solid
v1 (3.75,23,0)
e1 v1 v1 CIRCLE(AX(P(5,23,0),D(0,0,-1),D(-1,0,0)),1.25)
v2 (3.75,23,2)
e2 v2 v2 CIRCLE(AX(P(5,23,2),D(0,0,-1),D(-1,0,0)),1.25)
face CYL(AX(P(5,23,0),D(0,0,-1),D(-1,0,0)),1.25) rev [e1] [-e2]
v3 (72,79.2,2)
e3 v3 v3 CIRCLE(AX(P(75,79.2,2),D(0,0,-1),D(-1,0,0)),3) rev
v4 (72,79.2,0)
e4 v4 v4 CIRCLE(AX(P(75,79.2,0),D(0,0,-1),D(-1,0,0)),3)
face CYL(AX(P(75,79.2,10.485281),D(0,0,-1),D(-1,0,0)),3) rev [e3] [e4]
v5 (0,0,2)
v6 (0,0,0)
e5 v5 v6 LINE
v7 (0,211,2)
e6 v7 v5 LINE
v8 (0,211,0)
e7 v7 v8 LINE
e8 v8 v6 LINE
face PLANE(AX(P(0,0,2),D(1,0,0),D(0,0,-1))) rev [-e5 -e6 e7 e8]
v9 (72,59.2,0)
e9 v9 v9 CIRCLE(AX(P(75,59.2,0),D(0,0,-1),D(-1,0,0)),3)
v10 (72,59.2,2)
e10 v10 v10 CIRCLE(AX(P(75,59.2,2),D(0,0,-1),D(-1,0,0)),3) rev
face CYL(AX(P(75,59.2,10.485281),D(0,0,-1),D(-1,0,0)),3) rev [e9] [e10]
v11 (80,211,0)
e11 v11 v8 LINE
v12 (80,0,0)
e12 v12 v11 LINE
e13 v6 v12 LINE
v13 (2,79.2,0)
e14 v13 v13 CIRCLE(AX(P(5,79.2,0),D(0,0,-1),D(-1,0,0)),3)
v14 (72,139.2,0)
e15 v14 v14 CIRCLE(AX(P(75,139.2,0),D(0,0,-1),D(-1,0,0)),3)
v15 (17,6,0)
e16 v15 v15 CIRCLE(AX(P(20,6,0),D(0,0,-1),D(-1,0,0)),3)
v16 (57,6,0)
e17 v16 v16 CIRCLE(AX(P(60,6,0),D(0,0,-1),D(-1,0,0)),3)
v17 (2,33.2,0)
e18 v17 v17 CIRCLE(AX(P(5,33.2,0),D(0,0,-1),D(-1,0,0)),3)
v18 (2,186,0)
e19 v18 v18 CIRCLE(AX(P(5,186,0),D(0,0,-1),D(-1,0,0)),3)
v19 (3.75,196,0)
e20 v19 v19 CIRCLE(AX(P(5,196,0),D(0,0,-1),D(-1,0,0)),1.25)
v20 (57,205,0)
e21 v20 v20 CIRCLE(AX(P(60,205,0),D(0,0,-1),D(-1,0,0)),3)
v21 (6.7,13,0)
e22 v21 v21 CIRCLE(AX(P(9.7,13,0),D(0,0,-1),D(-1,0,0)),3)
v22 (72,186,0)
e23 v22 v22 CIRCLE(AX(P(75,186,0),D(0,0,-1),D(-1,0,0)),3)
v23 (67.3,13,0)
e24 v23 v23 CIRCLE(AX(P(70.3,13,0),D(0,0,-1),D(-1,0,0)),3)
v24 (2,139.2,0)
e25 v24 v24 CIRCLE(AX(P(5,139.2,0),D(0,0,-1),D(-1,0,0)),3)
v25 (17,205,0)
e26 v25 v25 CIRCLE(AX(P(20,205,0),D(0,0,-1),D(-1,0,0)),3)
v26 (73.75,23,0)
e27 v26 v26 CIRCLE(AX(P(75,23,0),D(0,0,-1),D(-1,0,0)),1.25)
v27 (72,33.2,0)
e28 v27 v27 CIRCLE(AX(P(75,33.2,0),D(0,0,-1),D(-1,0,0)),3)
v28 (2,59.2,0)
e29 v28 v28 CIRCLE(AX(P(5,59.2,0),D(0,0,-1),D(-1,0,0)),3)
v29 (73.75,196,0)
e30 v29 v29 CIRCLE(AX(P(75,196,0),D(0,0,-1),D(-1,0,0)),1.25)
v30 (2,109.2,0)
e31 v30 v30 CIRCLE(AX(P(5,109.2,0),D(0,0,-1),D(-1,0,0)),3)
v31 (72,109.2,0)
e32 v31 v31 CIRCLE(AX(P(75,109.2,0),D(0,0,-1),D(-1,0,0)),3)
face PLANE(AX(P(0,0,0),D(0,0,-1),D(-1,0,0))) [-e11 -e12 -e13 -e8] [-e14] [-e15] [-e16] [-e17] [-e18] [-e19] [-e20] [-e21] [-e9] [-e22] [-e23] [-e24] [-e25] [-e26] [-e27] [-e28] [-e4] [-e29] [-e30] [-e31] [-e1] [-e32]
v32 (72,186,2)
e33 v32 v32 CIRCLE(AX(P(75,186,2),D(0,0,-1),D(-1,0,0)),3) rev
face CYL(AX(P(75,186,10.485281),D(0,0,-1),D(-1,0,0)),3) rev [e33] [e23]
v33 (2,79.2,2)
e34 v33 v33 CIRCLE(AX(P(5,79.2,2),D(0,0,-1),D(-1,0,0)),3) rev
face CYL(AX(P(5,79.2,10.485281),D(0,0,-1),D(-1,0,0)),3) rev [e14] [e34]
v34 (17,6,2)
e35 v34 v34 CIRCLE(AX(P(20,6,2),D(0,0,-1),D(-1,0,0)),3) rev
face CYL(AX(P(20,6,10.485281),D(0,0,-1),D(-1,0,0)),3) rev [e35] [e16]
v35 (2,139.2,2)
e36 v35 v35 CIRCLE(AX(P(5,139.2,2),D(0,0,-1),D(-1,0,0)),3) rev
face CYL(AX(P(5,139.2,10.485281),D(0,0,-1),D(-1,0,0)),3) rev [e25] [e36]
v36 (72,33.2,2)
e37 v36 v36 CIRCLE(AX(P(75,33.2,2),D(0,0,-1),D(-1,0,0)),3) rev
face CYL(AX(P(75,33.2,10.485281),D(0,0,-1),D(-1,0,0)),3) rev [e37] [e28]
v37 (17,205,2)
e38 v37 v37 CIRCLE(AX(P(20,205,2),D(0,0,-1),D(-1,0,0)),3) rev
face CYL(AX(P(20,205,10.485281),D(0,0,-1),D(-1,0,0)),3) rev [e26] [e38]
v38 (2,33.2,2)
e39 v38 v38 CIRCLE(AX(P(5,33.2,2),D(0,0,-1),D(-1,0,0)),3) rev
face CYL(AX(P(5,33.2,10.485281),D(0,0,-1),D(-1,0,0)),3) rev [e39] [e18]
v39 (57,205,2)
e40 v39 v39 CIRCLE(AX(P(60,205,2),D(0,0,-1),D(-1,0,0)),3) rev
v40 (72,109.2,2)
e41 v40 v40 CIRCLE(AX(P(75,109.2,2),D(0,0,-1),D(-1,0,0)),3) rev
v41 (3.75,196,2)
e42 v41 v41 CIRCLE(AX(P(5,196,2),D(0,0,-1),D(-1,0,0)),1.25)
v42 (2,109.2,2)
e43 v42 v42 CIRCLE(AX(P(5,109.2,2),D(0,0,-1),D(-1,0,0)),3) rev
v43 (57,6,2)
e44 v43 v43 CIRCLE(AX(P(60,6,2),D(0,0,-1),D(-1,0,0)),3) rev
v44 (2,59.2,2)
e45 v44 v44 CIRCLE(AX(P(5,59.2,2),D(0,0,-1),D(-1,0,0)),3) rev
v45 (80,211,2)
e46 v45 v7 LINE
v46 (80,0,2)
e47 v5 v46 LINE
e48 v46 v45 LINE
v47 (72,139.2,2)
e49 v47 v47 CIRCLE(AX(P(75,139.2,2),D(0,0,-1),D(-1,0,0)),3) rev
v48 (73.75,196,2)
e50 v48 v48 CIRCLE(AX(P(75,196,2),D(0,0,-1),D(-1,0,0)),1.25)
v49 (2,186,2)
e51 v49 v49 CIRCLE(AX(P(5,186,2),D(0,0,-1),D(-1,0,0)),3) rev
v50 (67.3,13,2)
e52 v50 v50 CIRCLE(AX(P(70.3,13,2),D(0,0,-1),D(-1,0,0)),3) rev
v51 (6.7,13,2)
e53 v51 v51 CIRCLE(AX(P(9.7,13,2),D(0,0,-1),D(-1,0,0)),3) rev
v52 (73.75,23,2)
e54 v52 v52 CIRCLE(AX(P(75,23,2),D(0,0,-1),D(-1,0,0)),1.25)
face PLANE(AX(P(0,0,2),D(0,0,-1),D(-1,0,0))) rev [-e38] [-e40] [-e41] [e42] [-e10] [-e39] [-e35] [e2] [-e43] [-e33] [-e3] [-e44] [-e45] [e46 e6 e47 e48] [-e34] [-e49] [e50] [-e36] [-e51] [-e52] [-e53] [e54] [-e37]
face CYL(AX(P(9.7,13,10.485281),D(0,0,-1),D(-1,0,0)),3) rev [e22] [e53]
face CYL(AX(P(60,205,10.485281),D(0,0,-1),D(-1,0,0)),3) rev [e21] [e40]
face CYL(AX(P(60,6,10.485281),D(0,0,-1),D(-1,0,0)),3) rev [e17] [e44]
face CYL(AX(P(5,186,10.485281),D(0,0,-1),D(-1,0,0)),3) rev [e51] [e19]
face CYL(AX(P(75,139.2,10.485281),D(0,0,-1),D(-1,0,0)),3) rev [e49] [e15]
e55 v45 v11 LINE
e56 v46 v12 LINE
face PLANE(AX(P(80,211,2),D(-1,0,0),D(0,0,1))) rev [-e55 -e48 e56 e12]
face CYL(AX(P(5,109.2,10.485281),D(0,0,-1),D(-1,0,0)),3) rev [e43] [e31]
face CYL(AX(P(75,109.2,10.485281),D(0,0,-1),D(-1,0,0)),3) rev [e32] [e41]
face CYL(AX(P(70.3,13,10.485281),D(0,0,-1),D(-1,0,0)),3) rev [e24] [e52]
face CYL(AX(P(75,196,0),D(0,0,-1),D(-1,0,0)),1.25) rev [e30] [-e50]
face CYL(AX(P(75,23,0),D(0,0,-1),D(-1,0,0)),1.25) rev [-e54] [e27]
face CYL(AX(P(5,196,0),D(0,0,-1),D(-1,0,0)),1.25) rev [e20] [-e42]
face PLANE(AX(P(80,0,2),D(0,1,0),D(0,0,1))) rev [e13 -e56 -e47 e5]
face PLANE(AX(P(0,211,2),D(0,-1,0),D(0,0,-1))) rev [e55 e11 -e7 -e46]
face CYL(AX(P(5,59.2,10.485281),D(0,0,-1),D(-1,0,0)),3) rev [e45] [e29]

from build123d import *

# Parameters (mm, degrees)
SKETCH2_W                 = 80
SKETCH2_H                 = 211
BOSS_EXTRUDE1_DEPTH       = 2
M3X0_5_TAPPED_HOLE1_D     = 2.5
M3X0_5_TAPPED_HOLE1_DEPTH = 10
M3X0_5_TAPPED_HOLE1_TIP   = 0.751075774
SKETCH7_R                 = 3
CUT_EXTRUDE1_DEPTH        = 2


with BuildPart() as part:
    # Sketch2 → Boss-Extrude1 (new body)
    with BuildSketch(Plane.XY):
        with Locations((40, 105.5)):
            Rectangle(SKETCH2_W, SKETCH2_H)
    extrude(amount=BOSS_EXTRUDE1_DEPTH)

    # M3x0.5 Tapped Hole1
    with Locations(Plane(origin=(0, 0, 0), x_dir=(-1, 0, 0), z_dir=(0, 0, -1))):
        with Locations((-75, 196), (-5, 196), (-75, 23), (-5, 23)):
            Hole(M3X0_5_TAPPED_HOLE1_D / 2, depth=M3X0_5_TAPPED_HOLE1_DEPTH)
            with Locations((0, 0, -(M3X0_5_TAPPED_HOLE1_DEPTH + M3X0_5_TAPPED_HOLE1_TIP / 2))):  # 118° drill point
                Cone(0, M3X0_5_TAPPED_HOLE1_D / 2, M3X0_5_TAPPED_HOLE1_TIP, mode=Mode.SUBTRACT)

    # Sketch7 → Cut-Extrude1 (cut)
    with BuildSketch(Plane(origin=(0, 0, 0), x_dir=(-1, 0, 0), z_dir=(0, 0, -1))):
        with Locations((-75, 186)):
            Circle(SKETCH7_R)
        with Locations((-75, 139.2)):
            Circle(SKETCH7_R)
        with Locations((-75, 109.2)):
            Circle(SKETCH7_R)
        with Locations((-75, 79.2)):
            Circle(SKETCH7_R)
        with Locations((-75, 59.2)):
            Circle(SKETCH7_R)
        with Locations((-75, 33.2)):
            Circle(SKETCH7_R)
        with Locations((-5, 186)):
            Circle(SKETCH7_R)
        with Locations((-5, 139.2)):
            Circle(SKETCH7_R)
        with Locations((-5, 109.2)):
            Circle(SKETCH7_R)
        with Locations((-5, 79.2)):
            Circle(SKETCH7_R)
        with Locations((-5, 59.2)):
            Circle(SKETCH7_R)
        with Locations((-5, 33.2)):
            Circle(SKETCH7_R)
        with Locations((-70.3, 13)):
            Circle(SKETCH7_R)
        with Locations((-60, 205)):
            Circle(SKETCH7_R)
        with Locations((-20, 205)):
            Circle(SKETCH7_R)
        with Locations((-60, 6)):
            Circle(SKETCH7_R)
        with Locations((-20, 6)):
            Circle(SKETCH7_R)
        with Locations((-9.7, 13)):
            Circle(SKETCH7_R)
    extrude(amount=-CUT_EXTRUDE1_DEPTH, mode=Mode.SUBTRACT)


solid = part.part
